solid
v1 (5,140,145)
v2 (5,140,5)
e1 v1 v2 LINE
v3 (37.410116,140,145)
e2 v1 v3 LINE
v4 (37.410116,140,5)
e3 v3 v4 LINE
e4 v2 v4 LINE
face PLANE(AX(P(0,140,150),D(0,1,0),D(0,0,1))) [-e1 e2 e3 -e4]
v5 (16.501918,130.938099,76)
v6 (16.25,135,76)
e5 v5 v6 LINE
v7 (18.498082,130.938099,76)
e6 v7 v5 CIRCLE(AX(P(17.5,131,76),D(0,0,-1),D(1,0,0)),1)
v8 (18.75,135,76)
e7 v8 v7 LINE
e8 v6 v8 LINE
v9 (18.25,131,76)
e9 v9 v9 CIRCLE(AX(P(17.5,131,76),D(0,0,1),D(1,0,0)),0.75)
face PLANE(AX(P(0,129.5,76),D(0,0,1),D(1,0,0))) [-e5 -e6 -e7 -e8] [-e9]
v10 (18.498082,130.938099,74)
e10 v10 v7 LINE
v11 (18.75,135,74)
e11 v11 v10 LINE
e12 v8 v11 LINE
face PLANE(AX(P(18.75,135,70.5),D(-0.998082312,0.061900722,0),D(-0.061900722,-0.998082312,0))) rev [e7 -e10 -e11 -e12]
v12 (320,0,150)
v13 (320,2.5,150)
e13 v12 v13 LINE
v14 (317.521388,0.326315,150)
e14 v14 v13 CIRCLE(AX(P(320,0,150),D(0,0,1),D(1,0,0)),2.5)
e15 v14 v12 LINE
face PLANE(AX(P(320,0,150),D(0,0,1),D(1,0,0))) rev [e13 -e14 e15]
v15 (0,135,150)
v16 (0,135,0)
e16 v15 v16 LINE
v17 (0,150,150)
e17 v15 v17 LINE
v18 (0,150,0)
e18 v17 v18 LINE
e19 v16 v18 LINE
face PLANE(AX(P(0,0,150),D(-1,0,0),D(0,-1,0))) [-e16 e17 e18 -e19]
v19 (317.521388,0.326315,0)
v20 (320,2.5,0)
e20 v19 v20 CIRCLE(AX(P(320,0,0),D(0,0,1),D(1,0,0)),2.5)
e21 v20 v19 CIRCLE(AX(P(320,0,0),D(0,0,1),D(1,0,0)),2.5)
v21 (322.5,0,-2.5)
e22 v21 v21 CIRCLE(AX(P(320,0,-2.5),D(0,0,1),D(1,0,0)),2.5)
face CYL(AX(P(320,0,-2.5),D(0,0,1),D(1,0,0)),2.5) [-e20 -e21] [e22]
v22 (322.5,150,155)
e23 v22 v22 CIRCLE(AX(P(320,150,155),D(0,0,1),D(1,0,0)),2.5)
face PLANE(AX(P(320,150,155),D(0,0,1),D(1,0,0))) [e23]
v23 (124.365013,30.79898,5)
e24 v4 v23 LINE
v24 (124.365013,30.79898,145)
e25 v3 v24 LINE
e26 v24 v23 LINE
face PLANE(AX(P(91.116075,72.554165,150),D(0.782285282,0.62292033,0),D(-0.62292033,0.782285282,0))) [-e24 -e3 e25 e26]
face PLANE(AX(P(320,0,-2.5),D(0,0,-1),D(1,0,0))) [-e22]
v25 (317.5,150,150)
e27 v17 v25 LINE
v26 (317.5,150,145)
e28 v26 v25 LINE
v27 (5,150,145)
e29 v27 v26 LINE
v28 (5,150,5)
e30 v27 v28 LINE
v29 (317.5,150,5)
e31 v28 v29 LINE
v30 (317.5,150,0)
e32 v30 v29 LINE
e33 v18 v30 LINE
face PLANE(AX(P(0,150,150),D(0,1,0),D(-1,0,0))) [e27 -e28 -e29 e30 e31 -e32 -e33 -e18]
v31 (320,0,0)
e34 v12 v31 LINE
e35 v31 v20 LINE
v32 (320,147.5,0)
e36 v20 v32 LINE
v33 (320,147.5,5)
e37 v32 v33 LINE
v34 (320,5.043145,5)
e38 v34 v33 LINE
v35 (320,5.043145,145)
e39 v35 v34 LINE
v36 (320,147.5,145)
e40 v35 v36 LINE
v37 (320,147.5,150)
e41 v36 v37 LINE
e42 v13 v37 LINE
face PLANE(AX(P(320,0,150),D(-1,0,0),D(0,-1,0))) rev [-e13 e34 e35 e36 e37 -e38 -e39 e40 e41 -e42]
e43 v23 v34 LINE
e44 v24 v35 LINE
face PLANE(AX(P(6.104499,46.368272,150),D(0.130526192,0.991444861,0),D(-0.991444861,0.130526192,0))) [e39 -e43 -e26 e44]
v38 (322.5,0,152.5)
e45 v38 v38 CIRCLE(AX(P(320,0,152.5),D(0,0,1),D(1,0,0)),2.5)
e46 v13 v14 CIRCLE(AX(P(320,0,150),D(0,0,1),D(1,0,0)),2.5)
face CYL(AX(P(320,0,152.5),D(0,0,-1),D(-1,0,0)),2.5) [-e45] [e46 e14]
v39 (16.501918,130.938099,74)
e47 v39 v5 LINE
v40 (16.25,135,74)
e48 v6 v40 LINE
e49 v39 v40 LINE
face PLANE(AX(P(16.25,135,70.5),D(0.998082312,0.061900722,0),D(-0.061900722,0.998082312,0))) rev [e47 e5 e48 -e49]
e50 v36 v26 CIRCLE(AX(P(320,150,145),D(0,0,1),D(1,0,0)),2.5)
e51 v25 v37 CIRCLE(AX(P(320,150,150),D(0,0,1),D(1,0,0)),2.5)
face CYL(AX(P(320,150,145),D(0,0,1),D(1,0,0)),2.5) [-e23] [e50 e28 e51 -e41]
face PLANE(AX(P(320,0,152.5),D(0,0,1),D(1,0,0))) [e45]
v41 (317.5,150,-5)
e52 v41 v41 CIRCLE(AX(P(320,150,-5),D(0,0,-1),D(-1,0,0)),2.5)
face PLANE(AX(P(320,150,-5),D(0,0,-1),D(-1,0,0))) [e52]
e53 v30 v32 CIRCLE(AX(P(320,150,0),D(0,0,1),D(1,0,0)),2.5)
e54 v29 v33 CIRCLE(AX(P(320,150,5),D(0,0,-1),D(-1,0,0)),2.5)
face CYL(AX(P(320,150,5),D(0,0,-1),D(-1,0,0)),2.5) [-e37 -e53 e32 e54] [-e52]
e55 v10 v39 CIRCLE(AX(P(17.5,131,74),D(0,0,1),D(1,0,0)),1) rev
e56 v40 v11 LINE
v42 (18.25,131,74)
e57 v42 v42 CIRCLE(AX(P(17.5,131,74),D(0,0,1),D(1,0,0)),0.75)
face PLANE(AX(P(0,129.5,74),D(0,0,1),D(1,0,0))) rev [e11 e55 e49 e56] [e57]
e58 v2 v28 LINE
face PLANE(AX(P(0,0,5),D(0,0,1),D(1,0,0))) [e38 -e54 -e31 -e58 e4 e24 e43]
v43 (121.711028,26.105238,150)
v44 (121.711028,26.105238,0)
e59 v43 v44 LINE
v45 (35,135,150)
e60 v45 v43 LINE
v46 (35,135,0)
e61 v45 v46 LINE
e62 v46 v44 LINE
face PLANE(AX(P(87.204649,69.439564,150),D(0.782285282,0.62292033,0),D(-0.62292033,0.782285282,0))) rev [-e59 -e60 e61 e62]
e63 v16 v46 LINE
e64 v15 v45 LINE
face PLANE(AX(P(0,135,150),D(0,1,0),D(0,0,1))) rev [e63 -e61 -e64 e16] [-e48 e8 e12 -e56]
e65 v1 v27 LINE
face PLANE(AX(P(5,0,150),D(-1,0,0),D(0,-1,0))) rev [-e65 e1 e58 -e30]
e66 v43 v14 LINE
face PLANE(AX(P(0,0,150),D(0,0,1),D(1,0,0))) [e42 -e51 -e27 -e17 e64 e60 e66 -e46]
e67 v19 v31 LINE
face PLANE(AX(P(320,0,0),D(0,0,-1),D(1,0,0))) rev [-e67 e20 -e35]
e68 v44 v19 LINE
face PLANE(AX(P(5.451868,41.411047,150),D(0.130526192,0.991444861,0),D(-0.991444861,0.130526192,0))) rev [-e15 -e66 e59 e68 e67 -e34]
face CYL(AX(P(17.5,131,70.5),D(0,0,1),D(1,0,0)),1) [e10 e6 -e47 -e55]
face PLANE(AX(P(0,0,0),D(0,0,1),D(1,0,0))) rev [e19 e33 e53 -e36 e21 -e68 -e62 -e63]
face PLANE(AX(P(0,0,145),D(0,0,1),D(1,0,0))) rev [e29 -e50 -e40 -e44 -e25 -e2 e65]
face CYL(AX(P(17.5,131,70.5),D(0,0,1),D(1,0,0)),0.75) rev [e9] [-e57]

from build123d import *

# Parameters (mm, degrees)
BOSS_EXTRUDE2_DEPTH      = 150
SHELL1_T                 = -5
BOSS_EXTRUDE4_DEPTH      = 5
BOSS_EXTRUDE4_DEPTH_BACK = 5
SKETCH2_R                = 2.5
BOSS_EXTRUDE5_DEPTH      = 5
BOSS_EXTRUDE5_DEPTH_BACK = 5
SKETCH3_R                = 2.5
SKETCH4_R                = 2.5
BOSS_EXTRUDE7_DEPTH      = 2.5
BOSS_EXTRUDE8_DEPTH      = 5.5
SKETCH7_R                = 0.75
CUT_EXTRUDE1_DEPTH       = 5.5


with BuildPart() as part:
    # Sketch1 → Boss-Extrude2 (new body)
    with BuildSketch(Plane.XY):
        Polygon((0, 150), (0, 135), (35, 135), (121.711027725, 26.105238444), (320, 0), (320, 150), align=None)
    extrude(amount=BOSS_EXTRUDE2_DEPTH)

    # Shell1
    shell1_openings = [part.faces().sort_by_distance(p)[0] for p in [
        (160, 150, 75),
        (320, 75, 75),
    ]]
    offset(amount=SHELL1_T, openings=shell1_openings, kind=Kind.INTERSECTION)

    # Sketch2 → Boss-Extrude4 (add, two sides: drawn at the far end of the back side and taken through both)
    with BuildSketch(Plane.XY.offset(150).offset(-BOSS_EXTRUDE4_DEPTH_BACK)):
        with Locations((320, 150)):
            Circle(SKETCH2_R)
    extrude(amount=BOSS_EXTRUDE4_DEPTH + BOSS_EXTRUDE4_DEPTH_BACK)

    # Sketch3 → Boss-Extrude5 (add, two sides: drawn at the far end of the back side and taken through both)
    with BuildSketch(Plane(origin=(0, 0, 0), x_dir=(-1, 0, 0), z_dir=(0, 0, -1)).offset(-BOSS_EXTRUDE5_DEPTH_BACK)):
        with Locations(Location((-320, 150, 0), (0, 0, 180))):
            Circle(SKETCH3_R)
    extrude(amount=BOSS_EXTRUDE5_DEPTH + BOSS_EXTRUDE5_DEPTH_BACK)

    # Sketch4 → Boss-Extrude7 (add)
    with BuildSketch(Plane.XY.offset(150)):
        with Locations(Location((320, 0, 0), (0, 0, 172.5))):
            Circle(SKETCH4_R)
    boss_extrude7 = extrude(amount=BOSS_EXTRUDE7_DEPTH)

    # Mirror1: Boss-Extrude7 across plane
    add(boss_extrude7.mirror(Plane.XY.offset(75)))

    # Sketch6 → Boss-Extrude8 (add)
    with BuildSketch(Plane.XZ.offset(-135)):
        Polygon((17.733333333, 74), (17.266666667, 76), (16.25, 76), (16.25, 74), align=None)
        Polygon((18.75, 76), (17.266666667, 76), (17.733333333, 74), (18.75, 74), align=None)
    extrude(amount=BOSS_EXTRUDE8_DEPTH)

    # Sketch7 → Cut-Extrude1 (cut)
    with BuildSketch(Plane.XY.offset(76)):
        with Locations((17.5, 131)):
            Circle(SKETCH7_R)
        with BuildLine():
            Line((16.25, 135), (16.501917688, 130.938099278))
            ThreePointArc((16.501917688, 130.938099278), (17.5, 130), (18.498082312, 130.938099278))
            Line((18.498082312, 130.938099278), (18.75, 135))
            Line((18.75, 135), (18.75, 129.5))
            Line((18.75, 129.5), (16.25, 129.5))
            Line((16.25, 129.5), (16.25, 135))
        make_face()
    extrude(amount=-CUT_EXTRUDE1_DEPTH, mode=Mode.SUBTRACT)


solid = part.part
